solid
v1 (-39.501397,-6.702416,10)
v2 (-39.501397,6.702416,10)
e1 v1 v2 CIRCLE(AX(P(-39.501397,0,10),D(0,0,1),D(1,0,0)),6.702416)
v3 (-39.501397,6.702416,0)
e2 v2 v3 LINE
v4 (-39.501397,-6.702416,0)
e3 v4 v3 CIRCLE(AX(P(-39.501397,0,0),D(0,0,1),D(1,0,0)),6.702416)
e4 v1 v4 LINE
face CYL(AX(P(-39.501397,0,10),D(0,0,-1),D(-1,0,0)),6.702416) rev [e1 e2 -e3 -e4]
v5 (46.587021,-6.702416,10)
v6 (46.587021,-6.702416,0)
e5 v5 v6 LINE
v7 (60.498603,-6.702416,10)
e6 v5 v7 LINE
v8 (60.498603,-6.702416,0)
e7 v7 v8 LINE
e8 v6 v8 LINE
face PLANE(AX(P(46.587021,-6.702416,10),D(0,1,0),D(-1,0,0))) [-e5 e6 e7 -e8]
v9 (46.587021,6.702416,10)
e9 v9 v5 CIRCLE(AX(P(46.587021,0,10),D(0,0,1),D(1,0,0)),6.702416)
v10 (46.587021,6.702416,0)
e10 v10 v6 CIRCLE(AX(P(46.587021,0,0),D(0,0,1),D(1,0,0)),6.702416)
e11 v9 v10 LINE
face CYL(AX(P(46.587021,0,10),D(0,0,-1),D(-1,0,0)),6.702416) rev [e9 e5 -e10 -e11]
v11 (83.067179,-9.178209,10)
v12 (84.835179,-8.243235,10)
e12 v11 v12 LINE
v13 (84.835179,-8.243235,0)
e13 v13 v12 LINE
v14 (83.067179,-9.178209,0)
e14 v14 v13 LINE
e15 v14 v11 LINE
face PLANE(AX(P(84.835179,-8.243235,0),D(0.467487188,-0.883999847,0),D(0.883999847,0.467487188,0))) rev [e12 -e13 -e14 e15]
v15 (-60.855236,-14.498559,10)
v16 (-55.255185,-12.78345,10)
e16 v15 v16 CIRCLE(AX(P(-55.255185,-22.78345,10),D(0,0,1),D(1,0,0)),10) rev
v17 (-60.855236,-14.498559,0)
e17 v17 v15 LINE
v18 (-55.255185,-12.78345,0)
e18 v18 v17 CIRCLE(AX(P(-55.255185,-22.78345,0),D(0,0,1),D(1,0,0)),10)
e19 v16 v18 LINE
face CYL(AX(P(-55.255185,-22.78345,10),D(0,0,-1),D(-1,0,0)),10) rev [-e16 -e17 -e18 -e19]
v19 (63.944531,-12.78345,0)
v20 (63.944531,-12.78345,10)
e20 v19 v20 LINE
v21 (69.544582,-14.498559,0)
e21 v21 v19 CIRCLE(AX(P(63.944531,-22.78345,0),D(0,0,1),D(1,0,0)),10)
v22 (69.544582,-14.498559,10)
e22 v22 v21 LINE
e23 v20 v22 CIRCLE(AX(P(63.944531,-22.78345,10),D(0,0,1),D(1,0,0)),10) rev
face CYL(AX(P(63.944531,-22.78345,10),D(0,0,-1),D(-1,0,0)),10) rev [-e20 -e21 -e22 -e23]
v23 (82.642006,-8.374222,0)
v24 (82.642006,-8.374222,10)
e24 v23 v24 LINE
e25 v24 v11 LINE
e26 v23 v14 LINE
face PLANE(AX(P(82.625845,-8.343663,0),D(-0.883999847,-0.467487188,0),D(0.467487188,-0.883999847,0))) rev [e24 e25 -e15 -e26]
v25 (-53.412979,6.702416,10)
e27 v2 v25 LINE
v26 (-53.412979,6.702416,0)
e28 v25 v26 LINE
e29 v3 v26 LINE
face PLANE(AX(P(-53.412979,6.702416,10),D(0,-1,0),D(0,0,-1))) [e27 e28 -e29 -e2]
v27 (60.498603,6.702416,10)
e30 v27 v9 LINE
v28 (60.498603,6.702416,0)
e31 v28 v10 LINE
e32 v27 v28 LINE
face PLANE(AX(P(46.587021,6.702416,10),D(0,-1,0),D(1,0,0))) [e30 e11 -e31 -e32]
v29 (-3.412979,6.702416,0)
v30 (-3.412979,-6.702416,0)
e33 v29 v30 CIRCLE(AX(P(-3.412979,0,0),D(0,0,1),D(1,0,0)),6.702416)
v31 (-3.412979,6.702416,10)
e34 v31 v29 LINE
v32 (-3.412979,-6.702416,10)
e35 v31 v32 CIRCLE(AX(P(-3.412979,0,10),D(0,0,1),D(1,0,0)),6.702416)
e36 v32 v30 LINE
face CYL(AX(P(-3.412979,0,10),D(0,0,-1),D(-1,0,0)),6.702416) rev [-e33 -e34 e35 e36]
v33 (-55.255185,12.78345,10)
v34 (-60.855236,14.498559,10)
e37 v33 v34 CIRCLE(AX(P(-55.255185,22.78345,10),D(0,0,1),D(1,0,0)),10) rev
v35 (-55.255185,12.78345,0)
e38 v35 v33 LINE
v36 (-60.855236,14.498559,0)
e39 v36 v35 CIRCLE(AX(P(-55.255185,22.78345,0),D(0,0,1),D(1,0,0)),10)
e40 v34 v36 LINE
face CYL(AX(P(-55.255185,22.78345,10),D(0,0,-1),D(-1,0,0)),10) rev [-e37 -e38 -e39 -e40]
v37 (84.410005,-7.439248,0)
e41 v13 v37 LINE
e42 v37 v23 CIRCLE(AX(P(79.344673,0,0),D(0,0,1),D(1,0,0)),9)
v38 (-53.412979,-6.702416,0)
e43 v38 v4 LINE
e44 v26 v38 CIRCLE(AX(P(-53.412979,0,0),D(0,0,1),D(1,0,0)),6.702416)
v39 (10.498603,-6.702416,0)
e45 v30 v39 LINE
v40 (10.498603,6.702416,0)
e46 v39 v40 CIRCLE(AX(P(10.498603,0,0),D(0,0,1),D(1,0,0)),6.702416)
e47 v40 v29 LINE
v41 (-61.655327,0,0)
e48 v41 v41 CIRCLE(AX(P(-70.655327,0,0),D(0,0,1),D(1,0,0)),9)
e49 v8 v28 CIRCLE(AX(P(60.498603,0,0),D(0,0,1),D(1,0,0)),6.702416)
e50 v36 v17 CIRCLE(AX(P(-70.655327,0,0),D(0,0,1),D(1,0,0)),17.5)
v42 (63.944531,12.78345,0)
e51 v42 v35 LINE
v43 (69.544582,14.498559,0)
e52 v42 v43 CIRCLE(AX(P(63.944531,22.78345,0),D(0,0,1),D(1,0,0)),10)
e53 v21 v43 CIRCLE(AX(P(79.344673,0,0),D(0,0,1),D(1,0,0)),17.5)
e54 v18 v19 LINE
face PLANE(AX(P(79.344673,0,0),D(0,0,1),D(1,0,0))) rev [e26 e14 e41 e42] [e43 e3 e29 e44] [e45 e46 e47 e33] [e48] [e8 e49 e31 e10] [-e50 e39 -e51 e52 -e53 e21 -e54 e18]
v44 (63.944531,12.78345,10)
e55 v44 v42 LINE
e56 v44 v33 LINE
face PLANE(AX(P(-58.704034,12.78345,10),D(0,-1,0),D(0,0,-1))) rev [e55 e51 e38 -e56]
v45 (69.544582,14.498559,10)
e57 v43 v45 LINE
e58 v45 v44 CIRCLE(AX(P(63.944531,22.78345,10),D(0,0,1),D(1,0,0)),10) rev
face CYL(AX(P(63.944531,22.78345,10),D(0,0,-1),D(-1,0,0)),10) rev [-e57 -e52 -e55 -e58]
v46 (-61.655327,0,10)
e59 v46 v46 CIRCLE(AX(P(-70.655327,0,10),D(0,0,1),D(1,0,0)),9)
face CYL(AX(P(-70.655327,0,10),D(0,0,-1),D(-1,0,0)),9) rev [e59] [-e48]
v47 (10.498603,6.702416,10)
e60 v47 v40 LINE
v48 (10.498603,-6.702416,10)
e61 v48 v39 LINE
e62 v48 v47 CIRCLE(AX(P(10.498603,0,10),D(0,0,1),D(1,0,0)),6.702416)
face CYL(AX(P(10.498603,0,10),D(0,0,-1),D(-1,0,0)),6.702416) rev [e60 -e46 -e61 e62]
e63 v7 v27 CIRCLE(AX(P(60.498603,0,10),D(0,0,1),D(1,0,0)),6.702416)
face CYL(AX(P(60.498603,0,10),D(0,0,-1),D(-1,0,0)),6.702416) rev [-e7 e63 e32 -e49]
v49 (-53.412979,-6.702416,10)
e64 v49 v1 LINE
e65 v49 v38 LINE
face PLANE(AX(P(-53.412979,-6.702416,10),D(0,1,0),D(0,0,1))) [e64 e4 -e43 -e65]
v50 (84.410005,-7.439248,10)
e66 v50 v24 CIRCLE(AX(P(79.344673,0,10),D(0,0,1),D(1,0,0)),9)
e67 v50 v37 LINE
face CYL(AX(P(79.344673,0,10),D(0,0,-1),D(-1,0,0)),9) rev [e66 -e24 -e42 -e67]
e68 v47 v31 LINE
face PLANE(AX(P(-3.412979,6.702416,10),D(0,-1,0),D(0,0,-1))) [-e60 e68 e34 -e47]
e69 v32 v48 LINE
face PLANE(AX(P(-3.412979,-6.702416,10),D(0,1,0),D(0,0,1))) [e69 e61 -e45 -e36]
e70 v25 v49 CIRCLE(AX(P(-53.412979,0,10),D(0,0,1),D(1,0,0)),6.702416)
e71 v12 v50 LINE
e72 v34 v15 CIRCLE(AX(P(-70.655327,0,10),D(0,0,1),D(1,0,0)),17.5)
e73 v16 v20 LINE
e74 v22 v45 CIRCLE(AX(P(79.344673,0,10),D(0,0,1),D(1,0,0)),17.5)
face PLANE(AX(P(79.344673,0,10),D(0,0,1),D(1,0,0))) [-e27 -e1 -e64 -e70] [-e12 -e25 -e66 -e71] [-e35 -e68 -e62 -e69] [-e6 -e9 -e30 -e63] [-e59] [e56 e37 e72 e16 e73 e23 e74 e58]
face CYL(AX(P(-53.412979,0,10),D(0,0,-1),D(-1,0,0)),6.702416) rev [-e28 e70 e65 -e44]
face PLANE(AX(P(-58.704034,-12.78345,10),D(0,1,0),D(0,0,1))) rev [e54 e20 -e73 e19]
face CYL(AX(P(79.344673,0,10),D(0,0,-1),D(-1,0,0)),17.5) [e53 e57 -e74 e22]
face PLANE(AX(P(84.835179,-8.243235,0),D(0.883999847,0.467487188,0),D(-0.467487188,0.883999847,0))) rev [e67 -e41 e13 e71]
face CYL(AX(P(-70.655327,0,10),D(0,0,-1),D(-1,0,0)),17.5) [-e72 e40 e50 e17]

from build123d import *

# Parameters (mm, degrees)
SKETCH1_R           = 9
BOSS_EXTRUDE3_DEPTH = 10
FILLET1_R           = 10
CUT_EXTRUDE2_DEPTH  = 10


with BuildPart() as part:
    # Sketch1 → Boss-Extrude3 (new body)
    with BuildSketch(Plane.XY):
        with BuildLine():
            Line((-58.704034486, 12.783450444), (67.393380319, 12.783450444))
            ThreePointArc((67.393380319, 12.783450444), (96.844672917, 0), (67.393380319, -12.783450444))
            Line((67.393380319, -12.783450444), (-58.704034486, -12.783450444))
            ThreePointArc((-58.704034486, -12.783450444), (-88.155327083, 0), (-58.704034486, 12.783450444))
        make_face()
        with Locations((-70.655327083, 0)):
            Circle(SKETCH1_R, mode=Mode.SUBTRACT)
        with Locations((79.344672917, 0)):
            Circle(SKETCH1_R, mode=Mode.SUBTRACT)
        with BuildLine():
            Line((-53.412978839, 6.702415671), (-39.501397037, 6.702415671))
            ThreePointArc((-39.501397037, 6.702415671), (-32.798981366, 0), (-39.501397037, -6.702415671))
            Line((-39.501397037, -6.702415671), (-53.412978839, -6.702415671))
            ThreePointArc((-53.412978839, -6.702415671), (-60.11539451, 0), (-53.412978839, 6.702415671))
        make_face(mode=Mode.SUBTRACT)
        with BuildLine():
            Line((-3.412978839, 6.702415671), (10.498602963, 6.702415671))
            ThreePointArc((10.498602963, 6.702415671), (17.201018634, 0), (10.498602963, -6.702415671))
            Line((10.498602963, -6.702415671), (-3.412978839, -6.702415671))
            ThreePointArc((-3.412978839, -6.702415671), (-10.11539451, 0), (-3.412978839, 6.702415671))
        make_face(mode=Mode.SUBTRACT)
        with BuildLine():
            Line((46.587021161, 6.702415671), (60.498602963, 6.702415671))
            ThreePointArc((60.498602963, 6.702415671), (67.201018634, 0), (60.498602963, -6.702415671))
            Line((60.498602963, -6.702415671), (46.587021161, -6.702415671))
            ThreePointArc((46.587021161, -6.702415671), (39.88460549, 0), (46.587021161, 6.702415671))
        make_face(mode=Mode.SUBTRACT)
    extrude(amount=BOSS_EXTRUDE3_DEPTH)

    # Fillet1
    fillet1_edges = [part.edges().sort_by_distance(p)[0] for p in [
        (67.393380319, -12.783450444, 5),
        (-58.704034486, -12.783450444, 5),
        (-58.704034486, 12.783450444, 5),
        (67.393380319, 12.783450444, 5),
    ]]
    fillet(fillet1_edges, radius=FILLET1_R)

    # Sketch4 → Cut-Extrude2 (cut)
    with BuildSketch(Plane.XY.offset(10)):
        Polygon((82.625844791, -8.343662686), (83.067179358, -9.178208957), (84.835179052, -8.243234581), (84.393844485, -7.40868831), align=None)
    extrude(amount=-CUT_EXTRUDE2_DEPTH, mode=Mode.SUBTRACT)


solid = part.part
